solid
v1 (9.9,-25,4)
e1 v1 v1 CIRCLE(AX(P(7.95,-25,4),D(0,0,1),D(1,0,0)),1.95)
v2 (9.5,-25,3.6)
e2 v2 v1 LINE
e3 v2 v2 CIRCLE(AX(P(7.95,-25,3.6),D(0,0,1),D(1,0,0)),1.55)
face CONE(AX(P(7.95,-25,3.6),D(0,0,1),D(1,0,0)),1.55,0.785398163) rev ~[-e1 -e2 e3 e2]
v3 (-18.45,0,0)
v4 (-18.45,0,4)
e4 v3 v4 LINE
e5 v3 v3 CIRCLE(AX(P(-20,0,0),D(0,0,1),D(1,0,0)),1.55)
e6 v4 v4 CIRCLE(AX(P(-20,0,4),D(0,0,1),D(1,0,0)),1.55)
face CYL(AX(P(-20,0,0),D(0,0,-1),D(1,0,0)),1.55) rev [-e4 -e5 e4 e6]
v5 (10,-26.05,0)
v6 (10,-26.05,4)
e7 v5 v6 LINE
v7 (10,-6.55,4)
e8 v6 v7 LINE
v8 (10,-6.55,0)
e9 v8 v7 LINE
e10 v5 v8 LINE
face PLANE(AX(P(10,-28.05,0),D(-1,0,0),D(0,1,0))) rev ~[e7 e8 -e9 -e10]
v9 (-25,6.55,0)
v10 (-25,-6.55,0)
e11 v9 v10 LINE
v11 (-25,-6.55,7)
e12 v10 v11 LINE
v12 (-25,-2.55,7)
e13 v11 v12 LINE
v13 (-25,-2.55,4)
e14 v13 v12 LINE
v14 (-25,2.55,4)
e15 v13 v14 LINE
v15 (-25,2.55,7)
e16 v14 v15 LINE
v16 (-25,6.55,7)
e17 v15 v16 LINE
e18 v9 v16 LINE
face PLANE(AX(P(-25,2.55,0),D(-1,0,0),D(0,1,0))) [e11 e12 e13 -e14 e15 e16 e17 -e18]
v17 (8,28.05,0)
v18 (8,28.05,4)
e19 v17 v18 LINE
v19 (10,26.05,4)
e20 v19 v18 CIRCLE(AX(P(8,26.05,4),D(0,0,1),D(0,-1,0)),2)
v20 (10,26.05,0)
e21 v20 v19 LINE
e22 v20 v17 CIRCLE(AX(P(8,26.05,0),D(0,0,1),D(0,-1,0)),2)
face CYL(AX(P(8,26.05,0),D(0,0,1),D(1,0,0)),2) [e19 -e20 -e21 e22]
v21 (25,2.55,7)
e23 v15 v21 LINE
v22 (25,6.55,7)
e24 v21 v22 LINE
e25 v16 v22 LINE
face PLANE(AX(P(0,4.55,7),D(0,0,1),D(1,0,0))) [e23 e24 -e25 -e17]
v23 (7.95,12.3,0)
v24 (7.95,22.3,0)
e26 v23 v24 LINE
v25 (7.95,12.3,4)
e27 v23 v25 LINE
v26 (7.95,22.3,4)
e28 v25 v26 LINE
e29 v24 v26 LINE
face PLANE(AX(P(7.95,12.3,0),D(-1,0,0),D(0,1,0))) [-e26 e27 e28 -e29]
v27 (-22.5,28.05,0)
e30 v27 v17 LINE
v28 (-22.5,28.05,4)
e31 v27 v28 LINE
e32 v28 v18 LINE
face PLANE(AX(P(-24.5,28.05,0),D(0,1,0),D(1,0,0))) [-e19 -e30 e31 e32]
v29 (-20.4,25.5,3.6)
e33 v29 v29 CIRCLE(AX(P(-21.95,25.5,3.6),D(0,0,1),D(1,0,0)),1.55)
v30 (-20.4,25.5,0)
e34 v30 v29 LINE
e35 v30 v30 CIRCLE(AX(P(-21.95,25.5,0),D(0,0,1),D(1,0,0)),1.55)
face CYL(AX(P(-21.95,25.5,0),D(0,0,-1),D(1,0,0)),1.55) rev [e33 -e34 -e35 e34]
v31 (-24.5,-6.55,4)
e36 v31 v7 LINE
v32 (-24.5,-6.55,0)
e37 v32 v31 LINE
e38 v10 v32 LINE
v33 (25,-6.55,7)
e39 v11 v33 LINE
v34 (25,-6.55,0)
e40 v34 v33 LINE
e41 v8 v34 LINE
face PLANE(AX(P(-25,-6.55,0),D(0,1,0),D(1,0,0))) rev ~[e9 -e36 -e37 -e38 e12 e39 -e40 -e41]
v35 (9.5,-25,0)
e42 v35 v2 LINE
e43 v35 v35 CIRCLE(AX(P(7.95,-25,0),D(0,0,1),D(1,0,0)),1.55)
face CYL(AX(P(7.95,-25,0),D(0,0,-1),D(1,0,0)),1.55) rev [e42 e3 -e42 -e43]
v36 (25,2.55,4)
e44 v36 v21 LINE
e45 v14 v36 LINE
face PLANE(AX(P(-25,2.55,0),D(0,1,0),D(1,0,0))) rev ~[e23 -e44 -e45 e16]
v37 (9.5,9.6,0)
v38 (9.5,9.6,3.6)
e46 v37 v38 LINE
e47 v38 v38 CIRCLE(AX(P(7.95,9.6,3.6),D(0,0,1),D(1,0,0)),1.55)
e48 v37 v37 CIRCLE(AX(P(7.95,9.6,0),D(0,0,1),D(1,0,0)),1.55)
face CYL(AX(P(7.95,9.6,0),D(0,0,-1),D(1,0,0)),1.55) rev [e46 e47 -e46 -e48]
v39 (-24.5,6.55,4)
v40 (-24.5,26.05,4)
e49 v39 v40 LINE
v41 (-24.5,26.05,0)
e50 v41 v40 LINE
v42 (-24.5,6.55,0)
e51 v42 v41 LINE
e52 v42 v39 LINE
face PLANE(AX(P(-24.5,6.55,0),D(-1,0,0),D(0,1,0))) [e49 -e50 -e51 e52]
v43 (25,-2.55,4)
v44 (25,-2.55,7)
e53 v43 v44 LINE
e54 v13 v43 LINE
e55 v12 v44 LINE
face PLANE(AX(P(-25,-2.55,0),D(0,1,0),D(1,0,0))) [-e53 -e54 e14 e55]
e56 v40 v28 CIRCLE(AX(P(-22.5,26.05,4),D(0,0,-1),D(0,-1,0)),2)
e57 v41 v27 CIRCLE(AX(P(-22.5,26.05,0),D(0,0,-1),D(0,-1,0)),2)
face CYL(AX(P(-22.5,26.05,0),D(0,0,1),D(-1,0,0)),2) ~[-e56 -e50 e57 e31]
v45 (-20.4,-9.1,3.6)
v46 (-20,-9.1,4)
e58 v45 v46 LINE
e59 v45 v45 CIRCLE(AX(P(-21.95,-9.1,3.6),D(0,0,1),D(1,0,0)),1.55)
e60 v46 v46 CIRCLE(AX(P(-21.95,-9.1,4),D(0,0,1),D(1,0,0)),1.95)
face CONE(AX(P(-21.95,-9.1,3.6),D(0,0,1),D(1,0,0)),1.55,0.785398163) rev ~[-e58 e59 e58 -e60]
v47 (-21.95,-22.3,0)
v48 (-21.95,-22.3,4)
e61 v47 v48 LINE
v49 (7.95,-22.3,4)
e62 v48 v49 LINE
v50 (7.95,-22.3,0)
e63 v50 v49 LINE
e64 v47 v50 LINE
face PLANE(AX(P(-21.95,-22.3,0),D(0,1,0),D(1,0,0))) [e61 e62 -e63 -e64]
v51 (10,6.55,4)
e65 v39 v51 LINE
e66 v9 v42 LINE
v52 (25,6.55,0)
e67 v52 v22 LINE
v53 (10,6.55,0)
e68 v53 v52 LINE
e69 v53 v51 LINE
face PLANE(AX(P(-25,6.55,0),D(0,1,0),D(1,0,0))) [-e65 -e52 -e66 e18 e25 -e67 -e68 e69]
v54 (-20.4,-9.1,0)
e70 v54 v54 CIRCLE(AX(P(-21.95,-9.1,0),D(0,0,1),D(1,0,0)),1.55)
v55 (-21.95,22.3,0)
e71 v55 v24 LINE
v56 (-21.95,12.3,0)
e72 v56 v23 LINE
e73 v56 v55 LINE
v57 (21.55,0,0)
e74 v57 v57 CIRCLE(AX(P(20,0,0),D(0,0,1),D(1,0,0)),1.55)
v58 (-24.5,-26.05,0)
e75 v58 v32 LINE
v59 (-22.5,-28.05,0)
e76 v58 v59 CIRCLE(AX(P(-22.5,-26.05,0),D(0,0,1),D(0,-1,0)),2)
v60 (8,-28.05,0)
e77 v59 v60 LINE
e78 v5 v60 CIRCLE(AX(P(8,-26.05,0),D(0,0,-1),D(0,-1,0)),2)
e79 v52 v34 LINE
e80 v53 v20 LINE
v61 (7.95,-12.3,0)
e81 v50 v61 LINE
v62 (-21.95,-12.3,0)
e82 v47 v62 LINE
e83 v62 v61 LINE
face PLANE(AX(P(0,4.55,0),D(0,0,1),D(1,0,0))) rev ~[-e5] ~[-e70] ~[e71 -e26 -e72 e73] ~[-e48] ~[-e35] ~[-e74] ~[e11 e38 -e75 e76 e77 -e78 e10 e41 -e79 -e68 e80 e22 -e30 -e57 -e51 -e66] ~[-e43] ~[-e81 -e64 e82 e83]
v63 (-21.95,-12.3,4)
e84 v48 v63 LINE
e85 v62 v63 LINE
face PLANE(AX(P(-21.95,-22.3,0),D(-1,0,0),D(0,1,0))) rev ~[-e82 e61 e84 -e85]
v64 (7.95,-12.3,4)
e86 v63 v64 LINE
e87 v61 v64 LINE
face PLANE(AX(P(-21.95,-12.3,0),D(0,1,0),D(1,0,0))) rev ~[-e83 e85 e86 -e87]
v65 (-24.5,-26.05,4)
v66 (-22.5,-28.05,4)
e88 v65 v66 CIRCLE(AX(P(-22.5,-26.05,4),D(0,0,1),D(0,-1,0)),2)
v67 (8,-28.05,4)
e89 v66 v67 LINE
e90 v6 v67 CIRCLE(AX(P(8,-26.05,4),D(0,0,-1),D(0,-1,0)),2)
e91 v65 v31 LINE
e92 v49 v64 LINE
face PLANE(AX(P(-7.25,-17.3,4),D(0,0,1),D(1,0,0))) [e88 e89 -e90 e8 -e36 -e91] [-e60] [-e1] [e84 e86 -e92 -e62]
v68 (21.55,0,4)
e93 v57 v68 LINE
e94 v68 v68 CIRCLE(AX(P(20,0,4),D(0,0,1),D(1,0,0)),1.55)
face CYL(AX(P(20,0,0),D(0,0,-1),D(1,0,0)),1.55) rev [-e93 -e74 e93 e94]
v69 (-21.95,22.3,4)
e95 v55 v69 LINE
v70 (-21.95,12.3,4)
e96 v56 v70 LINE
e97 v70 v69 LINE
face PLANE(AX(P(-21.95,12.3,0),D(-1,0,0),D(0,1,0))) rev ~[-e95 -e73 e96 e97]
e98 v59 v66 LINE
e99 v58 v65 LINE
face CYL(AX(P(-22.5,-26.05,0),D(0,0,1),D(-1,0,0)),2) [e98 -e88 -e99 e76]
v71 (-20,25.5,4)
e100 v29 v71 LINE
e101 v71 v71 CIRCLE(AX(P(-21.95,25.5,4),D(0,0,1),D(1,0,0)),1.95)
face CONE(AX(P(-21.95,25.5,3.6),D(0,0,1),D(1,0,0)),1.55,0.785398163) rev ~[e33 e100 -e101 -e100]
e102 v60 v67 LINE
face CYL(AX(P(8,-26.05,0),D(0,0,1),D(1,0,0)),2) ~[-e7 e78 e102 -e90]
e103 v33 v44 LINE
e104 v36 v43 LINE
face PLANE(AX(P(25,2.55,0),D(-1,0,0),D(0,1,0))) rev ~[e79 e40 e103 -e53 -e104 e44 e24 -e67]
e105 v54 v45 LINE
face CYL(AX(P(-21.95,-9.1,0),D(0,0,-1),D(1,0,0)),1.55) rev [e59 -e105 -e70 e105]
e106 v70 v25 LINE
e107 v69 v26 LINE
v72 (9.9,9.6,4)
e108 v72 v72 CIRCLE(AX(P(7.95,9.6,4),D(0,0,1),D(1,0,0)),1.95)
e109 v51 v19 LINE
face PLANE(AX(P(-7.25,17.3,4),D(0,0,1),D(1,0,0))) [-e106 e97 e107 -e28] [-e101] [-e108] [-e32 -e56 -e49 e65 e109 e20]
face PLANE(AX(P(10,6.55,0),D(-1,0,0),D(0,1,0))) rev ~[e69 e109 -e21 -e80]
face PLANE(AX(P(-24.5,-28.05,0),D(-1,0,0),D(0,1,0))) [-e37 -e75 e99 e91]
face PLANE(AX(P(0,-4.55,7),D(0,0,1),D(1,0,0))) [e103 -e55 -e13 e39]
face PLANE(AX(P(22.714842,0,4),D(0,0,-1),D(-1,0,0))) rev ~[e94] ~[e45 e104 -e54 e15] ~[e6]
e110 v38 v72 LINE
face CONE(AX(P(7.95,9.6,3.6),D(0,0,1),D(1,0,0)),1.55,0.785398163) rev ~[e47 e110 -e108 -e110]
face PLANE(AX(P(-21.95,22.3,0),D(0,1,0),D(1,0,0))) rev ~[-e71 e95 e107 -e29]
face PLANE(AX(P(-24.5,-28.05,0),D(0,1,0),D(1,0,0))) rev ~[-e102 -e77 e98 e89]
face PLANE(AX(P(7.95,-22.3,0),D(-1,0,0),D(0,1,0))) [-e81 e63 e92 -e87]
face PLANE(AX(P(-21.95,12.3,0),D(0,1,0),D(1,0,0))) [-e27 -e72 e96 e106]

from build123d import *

# Parameters (mm, degrees)
CROQUIS1_R              = 1.55
SALIENTE_EXTRUIR1_DEPTH = 4
CROQUIS2_W              = 50
CROQUIS2_H              = 4
SALIENTE_EXTRUIR2_DEPTH = 7
SALIENTE_EXTRUIR3_START = -7
CROQUIS3_W              = 34.5
CROQUIS3_H              = 21.5
CROQUIS3_R              = 1.55
CROQUIS3_W_2            = 29.9
CROQUIS3_H_2            = 10
SALIENTE_EXTRUIR3_DEPTH = 4
REDONDEO1_R             = 2
CHAFL_N1_SIZE           = 0.4


with BuildPart() as part:
    # Croquis1 → Saliente-Extruir1 (new body)
    # profile 1 of 3: a face of its own
    with BuildSketch(Plane.XY):
        with BuildLine():
            ThreePointArc((-20, 2.55), (-22.55, 0), (-20, -2.55))
            Line((-20, -2.55), (-25, -2.55))
            Line((-25, -2.55), (-25, 2.55))
            Line((-25, 2.55), (-20, 2.55))
        make_face()
    # profile 2 of 3: a face of its own
    with BuildSketch(Plane.XY):
        with BuildLine():
            Line((-20, -2.55), (20, -2.55))
            ThreePointArc((20, -2.55), (22.55, 0), (20, 2.55))
            Line((20, 2.55), (-20, 2.55))
            ThreePointArc((-20, 2.55), (-22.55, 0), (-20, -2.55))
        make_face()
        with Locations((-20, 0)):
            Circle(CROQUIS1_R, mode=Mode.SUBTRACT)
        with Locations((20, 0)):
            Circle(CROQUIS1_R, mode=Mode.SUBTRACT)
    # profile 3 of 3: a face of its own
    with BuildSketch(Plane.XY):
        with BuildLine():
            ThreePointArc((20, -2.55), (22.55, 0), (20, 2.55))
            Line((20, 2.55), (25, 2.55))
            Line((25, 2.55), (25, -2.55))
            Line((25, -2.55), (20, -2.55))
        make_face()
    extrude(amount=SALIENTE_EXTRUIR1_DEPTH)

    # Croquis2 → Saliente-Extruir2 (add)
    with BuildSketch(Plane.XY):
        with Locations((0, 4.55)):
            Rectangle(CROQUIS2_W, CROQUIS2_H)
        with Locations((0, -4.55)):
            Rectangle(CROQUIS2_W, CROQUIS2_H)
    extrude(amount=SALIENTE_EXTRUIR2_DEPTH)

    # Croquis3 → Saliente-Extruir3 (add)
    # profile 1 of 2: a face of its own
    with BuildSketch(Plane.XY.offset(7).offset(SALIENTE_EXTRUIR3_START)):
        with Locations((-7.25, 17.3)):
            Rectangle(CROQUIS3_W, CROQUIS3_H)
        with Locations((-21.95, 25.5)):
            Circle(CROQUIS3_R, mode=Mode.SUBTRACT)
        with Locations((7.95, 9.6)):
            Circle(CROQUIS3_R, mode=Mode.SUBTRACT)
        with Locations((-7, 17.3)):
            Rectangle(CROQUIS3_W_2, CROQUIS3_H_2, mode=Mode.SUBTRACT)
    # profile 2 of 2: a face of its own
    with BuildSketch(Plane.XY.offset(7).offset(SALIENTE_EXTRUIR3_START)):
        with Locations((-7.25, -17.3)):
            Rectangle(CROQUIS3_W, CROQUIS3_H)
        with Locations((-21.95, -9.1)):
            Circle(CROQUIS3_R, mode=Mode.SUBTRACT)
        with Locations((-7, -17.3)):
            Rectangle(CROQUIS3_W_2, CROQUIS3_H_2, mode=Mode.SUBTRACT)
        with Locations((7.95, -25)):
            Circle(CROQUIS3_R, mode=Mode.SUBTRACT)
    extrude(amount=SALIENTE_EXTRUIR3_DEPTH)

    # Redondeo1
    redondeo1_edges = [part.edges().sort_by_distance(p)[0] for p in [
        (-24.5, 28.05, 2),
        (10, 28.05, 2),
        (-24.5, -28.05, 2),
        (10, -28.05, 2),
    ]]
    fillet(redondeo1_edges, radius=REDONDEO1_R)

    # Chaflán1
    chafl_n1_edges = [part.edges().sort_by_distance(p)[0] for p in [
        (-23.5, 25.5, 4),
        (6.4, 9.6, 4),
        (-23.5, -9.1, 4),
        (6.4, -25, 4),
    ]]
    chamfer(chafl_n1_edges, length=CHAFL_N1_SIZE)


solid = part.part
